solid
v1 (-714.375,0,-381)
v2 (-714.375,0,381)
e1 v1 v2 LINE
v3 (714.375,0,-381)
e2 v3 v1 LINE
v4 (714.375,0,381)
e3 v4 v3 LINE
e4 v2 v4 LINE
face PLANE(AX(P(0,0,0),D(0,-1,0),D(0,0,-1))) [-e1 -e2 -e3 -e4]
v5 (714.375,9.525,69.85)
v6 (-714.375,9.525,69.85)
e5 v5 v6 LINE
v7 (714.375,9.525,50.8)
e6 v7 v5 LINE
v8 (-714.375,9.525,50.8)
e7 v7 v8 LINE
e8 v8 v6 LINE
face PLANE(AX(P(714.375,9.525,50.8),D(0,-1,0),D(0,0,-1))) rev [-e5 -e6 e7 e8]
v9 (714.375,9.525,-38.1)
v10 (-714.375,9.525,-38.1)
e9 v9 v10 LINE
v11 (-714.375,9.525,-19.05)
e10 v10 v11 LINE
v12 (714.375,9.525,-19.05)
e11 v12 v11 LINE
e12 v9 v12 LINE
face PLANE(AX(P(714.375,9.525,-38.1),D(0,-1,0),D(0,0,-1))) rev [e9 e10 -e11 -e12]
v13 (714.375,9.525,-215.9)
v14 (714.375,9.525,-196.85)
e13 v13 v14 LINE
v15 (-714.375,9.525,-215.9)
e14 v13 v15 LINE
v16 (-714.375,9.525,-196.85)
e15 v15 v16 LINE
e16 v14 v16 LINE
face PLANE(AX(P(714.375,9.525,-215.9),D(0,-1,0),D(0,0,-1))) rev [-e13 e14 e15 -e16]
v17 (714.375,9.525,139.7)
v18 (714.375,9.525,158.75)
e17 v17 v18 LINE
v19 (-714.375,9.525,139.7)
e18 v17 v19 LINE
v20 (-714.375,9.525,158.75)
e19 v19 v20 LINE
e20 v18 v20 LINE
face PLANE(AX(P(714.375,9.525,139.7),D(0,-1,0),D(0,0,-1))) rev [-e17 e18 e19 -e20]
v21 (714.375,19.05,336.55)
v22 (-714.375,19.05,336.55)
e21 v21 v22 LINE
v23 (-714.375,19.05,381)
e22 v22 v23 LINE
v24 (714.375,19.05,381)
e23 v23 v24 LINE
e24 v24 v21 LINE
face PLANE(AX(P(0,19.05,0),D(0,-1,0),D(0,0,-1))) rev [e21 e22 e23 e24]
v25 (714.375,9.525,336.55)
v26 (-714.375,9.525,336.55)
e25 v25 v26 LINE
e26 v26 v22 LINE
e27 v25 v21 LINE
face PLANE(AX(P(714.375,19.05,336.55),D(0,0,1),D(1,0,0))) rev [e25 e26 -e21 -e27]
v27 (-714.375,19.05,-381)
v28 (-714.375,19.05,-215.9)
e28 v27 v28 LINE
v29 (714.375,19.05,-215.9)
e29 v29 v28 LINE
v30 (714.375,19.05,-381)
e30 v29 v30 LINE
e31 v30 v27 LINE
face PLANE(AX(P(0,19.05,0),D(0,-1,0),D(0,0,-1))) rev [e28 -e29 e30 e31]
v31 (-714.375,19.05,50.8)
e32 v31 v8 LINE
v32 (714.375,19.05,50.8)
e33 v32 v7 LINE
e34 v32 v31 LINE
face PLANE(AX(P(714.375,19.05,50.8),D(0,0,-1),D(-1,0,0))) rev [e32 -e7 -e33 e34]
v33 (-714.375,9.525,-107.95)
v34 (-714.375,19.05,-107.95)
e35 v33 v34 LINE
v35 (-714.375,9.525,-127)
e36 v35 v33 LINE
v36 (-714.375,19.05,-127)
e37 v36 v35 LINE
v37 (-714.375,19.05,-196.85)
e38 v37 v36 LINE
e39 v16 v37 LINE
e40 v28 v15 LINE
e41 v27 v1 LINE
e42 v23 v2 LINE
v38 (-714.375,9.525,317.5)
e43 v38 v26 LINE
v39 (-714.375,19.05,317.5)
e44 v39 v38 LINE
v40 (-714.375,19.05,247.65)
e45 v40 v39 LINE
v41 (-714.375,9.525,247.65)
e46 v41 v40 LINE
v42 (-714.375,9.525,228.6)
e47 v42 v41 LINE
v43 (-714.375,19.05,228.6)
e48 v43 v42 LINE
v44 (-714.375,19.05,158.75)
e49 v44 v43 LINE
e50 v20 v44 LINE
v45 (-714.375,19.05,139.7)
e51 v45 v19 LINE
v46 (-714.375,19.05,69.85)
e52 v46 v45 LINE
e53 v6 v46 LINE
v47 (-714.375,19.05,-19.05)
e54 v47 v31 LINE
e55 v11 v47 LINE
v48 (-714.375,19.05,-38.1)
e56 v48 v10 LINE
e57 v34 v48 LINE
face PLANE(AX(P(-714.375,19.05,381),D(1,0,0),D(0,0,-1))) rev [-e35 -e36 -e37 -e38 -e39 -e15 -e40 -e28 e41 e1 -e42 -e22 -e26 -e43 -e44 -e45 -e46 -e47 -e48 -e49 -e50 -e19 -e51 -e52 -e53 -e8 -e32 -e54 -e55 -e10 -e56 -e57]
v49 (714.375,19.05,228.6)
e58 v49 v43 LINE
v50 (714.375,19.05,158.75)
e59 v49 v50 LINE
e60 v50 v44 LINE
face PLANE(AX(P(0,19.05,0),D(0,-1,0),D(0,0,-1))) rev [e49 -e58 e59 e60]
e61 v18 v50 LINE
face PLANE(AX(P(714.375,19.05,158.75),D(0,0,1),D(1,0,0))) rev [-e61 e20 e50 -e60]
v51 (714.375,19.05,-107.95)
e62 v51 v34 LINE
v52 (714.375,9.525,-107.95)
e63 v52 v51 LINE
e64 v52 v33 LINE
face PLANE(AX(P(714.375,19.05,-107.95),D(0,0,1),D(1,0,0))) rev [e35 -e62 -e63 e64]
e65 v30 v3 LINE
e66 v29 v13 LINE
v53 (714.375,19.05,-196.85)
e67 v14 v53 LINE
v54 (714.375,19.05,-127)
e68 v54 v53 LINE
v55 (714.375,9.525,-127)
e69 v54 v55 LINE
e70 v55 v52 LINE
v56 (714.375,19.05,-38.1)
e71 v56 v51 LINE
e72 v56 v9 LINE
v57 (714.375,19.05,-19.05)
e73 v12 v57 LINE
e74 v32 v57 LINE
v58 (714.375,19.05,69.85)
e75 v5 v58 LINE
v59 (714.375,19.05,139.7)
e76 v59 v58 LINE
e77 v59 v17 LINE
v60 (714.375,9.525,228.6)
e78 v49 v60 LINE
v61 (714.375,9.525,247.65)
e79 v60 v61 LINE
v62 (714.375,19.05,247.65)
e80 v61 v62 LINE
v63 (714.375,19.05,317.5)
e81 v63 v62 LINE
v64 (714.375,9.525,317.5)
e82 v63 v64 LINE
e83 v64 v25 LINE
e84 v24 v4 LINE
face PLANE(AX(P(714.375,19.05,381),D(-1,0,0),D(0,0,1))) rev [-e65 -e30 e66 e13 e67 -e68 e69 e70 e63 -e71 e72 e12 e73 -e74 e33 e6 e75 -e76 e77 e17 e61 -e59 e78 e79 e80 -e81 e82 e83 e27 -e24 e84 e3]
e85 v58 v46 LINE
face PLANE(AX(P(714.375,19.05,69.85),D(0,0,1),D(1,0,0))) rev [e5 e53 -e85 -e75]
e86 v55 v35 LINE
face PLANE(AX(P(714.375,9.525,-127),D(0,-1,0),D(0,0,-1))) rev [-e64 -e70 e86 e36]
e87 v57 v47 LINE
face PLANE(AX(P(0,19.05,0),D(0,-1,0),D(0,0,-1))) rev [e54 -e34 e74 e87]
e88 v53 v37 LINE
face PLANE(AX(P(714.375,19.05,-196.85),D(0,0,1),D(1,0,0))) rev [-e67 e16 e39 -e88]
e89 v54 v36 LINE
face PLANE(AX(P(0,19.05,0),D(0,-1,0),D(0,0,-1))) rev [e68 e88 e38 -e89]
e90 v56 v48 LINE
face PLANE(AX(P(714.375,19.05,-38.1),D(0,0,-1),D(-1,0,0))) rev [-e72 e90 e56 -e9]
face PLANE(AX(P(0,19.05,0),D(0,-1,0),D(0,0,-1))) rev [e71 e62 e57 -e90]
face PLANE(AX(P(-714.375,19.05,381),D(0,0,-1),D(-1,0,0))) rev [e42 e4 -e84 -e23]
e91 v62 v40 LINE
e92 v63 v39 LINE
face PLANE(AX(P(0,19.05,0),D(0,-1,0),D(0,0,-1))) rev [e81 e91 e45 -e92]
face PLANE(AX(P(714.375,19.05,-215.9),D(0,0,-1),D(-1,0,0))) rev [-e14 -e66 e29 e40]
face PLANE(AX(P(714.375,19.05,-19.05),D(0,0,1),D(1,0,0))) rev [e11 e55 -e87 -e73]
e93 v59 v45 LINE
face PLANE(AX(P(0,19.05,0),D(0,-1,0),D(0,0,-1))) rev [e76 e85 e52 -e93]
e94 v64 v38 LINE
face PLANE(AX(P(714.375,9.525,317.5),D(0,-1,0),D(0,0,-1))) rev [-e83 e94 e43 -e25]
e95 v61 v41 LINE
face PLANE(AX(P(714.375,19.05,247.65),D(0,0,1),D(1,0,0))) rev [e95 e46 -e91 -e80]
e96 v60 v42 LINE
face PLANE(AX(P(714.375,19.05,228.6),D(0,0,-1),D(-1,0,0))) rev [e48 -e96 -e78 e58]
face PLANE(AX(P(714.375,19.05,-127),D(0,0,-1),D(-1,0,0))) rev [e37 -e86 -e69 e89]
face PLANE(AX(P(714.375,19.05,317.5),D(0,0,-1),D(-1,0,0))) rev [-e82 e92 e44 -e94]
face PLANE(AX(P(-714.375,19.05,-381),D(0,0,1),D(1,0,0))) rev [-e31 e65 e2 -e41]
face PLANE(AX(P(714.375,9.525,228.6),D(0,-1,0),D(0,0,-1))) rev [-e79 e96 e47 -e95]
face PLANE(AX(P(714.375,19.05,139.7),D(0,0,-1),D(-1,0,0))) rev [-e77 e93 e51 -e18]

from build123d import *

# Parameters (mm, degrees)
SKETCH1_W          = 1428.75
SKETCH1_H          = 762
BOARD_DEPTH        = 19.05
SKETCH9_W          = 19.05
SKETCH9_H          = 9.525
CUT_EXTRUDE1_DEPTH = 1479.800346565
LPATTERN1_COUNT    = 7
LPATTERN1_PITCH    = 88.9


with BuildPart() as part:
    # Sketch1 → Board (new body)
    with BuildSketch(Plane(origin=(0, 0, 0), x_dir=(1, 0, 0), z_dir=(0, 1, 0))):
        Rectangle(SKETCH1_W, SKETCH1_H)
    extrude(amount=BOARD_DEPTH)

    # Sketch9 → Cut-Extrude1 (cut, through all)
    with BuildSketch(Plane.ZY.offset(714.375)):
        with Locations((327.025, 14.2875)):
            Rectangle(SKETCH9_W, SKETCH9_H)
    cut_extrude1 = extrude(amount=-CUT_EXTRUDE1_DEPTH, mode=Mode.SUBTRACT)

    # LPattern1: Cut-Extrude1 ×7
    with Locations(*[(0, 0, -i * LPATTERN1_PITCH) for i in range(1, LPATTERN1_COUNT)]):
        add(cut_extrude1, mode=Mode.SUBTRACT)


solid = part.part
